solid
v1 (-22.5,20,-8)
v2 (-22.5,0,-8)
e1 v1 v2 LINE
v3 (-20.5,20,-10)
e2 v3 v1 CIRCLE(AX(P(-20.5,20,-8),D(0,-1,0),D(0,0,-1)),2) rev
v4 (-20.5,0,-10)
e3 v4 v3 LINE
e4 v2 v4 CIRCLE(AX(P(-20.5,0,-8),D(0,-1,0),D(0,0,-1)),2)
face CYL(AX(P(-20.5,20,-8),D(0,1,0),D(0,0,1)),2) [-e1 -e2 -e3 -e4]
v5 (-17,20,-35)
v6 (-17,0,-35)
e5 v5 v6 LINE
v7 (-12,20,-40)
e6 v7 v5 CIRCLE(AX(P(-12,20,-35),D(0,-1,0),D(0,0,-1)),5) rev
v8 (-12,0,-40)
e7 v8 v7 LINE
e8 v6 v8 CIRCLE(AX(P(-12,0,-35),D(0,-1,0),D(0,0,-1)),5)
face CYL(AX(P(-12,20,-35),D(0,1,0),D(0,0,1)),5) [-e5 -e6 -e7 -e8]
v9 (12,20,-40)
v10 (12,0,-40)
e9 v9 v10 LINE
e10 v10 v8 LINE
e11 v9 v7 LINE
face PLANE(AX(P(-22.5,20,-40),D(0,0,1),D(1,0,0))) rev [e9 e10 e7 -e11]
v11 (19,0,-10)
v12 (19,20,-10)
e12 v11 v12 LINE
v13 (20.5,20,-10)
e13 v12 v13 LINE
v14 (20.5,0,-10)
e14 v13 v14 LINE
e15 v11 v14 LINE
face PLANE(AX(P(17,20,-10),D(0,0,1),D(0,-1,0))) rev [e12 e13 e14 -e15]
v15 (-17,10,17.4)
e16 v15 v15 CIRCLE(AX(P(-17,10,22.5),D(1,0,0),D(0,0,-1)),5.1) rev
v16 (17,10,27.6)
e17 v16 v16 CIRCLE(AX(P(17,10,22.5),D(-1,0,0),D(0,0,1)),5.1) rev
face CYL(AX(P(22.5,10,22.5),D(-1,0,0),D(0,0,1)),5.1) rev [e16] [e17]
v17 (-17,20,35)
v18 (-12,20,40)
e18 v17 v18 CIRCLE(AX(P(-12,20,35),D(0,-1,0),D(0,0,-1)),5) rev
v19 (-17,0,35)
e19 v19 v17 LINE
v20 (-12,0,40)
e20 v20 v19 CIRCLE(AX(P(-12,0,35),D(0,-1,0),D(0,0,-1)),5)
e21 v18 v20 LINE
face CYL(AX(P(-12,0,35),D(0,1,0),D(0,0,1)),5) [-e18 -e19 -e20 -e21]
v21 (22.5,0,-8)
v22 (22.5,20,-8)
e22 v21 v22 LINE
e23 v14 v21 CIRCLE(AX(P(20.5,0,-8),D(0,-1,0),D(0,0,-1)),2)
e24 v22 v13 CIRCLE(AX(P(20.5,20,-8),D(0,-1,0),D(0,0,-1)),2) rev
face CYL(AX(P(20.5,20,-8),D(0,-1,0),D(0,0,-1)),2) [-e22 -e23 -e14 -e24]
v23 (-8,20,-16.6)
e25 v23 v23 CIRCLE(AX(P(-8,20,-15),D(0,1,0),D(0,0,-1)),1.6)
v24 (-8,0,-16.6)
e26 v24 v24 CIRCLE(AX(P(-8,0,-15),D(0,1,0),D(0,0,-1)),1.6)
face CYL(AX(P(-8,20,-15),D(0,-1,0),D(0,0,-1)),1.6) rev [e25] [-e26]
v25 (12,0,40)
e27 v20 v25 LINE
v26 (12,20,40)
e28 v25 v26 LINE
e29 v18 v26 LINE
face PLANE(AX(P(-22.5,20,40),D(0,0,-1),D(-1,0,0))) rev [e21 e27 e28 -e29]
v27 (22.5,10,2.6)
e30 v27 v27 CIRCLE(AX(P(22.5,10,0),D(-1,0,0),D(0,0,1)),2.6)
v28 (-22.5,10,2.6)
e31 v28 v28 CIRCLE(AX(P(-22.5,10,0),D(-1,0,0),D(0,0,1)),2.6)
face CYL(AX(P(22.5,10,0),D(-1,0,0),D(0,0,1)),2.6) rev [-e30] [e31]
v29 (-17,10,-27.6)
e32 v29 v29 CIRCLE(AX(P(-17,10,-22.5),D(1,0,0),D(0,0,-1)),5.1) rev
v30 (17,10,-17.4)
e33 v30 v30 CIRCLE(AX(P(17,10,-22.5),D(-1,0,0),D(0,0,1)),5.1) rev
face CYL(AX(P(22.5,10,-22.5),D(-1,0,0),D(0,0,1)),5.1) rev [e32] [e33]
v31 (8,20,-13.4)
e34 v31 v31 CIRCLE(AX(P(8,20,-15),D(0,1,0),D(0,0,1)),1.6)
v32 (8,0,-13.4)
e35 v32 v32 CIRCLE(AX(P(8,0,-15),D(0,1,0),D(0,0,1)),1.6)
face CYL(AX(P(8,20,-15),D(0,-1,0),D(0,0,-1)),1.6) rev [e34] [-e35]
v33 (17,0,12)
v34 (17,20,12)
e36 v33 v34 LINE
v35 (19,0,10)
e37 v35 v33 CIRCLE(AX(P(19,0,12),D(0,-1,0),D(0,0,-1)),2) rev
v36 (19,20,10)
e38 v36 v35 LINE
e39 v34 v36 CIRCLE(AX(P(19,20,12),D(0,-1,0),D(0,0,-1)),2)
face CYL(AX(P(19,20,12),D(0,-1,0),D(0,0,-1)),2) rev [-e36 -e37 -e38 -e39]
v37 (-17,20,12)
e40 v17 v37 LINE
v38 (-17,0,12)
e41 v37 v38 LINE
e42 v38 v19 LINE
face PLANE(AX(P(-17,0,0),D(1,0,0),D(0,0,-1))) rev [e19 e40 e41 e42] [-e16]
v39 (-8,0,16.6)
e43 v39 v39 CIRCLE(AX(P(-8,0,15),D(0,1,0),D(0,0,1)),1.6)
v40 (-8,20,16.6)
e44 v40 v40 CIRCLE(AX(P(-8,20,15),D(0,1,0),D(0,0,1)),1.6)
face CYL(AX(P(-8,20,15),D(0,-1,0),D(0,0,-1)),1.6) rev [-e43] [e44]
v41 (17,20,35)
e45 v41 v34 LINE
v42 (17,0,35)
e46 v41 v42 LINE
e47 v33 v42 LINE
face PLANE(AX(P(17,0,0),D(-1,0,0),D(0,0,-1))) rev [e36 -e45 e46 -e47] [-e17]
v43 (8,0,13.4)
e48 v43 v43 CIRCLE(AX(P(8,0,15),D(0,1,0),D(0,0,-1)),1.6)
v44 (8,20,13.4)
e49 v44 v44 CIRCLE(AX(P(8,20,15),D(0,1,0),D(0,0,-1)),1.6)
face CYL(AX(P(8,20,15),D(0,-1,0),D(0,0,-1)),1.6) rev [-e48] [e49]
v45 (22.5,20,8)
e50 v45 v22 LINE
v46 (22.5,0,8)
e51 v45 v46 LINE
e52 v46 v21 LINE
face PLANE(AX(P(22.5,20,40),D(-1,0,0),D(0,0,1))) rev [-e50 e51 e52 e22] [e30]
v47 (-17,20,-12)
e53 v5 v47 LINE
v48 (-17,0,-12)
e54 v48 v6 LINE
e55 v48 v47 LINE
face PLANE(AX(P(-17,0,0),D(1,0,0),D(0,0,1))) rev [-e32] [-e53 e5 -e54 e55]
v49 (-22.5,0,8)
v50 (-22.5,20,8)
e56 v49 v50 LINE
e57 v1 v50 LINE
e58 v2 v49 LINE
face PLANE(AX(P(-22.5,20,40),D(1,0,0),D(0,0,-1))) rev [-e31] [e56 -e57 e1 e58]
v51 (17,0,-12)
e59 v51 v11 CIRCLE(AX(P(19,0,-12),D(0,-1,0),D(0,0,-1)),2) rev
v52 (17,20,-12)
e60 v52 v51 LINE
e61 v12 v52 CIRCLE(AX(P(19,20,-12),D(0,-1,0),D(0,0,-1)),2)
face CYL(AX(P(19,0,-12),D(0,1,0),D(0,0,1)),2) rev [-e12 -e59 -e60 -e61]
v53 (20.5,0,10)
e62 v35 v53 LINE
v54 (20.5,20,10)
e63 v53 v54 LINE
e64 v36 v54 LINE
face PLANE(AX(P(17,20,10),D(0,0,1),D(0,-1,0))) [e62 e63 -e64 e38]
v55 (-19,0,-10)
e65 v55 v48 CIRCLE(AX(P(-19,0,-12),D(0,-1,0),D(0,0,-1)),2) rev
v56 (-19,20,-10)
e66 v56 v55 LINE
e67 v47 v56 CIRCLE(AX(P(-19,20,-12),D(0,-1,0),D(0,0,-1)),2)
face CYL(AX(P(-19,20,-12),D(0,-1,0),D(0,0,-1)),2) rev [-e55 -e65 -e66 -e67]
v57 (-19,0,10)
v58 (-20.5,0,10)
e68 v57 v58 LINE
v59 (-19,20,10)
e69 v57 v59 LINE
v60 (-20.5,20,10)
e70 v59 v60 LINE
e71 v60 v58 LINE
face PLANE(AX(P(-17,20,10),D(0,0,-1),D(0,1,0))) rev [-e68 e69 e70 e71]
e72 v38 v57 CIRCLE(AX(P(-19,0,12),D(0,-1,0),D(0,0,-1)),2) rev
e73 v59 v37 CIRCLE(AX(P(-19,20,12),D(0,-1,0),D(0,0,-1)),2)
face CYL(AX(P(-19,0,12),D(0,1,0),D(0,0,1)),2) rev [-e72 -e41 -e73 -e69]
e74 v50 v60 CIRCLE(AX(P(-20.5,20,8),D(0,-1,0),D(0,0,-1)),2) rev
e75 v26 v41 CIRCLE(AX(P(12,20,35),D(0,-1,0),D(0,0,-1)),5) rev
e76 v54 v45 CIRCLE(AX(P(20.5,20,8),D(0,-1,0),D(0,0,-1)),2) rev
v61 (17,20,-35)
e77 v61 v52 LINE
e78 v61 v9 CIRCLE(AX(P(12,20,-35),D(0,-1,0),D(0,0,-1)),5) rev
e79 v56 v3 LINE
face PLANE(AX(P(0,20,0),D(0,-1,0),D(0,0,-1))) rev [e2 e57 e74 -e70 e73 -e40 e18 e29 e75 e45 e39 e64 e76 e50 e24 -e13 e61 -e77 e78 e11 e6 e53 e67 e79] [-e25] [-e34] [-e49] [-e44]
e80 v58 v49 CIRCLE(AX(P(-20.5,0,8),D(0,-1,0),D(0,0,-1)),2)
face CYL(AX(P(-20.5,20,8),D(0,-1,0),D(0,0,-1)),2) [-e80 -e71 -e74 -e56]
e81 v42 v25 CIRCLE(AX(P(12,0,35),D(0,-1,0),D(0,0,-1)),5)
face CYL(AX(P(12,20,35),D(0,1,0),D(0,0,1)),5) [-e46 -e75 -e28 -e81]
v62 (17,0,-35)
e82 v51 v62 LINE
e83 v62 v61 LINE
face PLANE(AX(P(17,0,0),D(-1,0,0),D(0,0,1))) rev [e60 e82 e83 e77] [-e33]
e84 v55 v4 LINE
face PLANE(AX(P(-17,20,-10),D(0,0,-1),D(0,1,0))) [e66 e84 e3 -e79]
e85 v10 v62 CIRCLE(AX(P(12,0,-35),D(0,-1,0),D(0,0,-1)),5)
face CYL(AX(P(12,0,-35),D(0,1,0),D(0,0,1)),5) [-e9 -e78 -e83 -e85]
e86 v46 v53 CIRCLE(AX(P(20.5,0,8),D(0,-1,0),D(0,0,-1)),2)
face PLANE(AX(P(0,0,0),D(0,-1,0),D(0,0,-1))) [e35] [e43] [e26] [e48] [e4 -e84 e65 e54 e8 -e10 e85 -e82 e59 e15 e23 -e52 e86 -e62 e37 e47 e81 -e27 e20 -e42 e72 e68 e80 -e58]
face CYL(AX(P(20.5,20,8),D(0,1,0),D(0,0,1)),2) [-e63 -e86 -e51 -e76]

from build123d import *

# Parameters (mm, degrees)
SKETCH_1_W               = 45
SKETCH_1_H               = 80
SKETCH_1_R               = 1.6
EXTRUDE_471_DEPTH        = 20
SKETCH_2_R               = 2.6
CUT_EXTRUDE_665_DEPTH    = 46
SKETCH_3_R               = 5.1
CUT_EXTRUDE_863_DEPTH    = 46
SKETCH_5_W               = 30
SKETCH_5_H               = 20
CUT_EXTRUDE_1108_DEPTH   = 5.5
MIRROR_2_COPY_1_SKETCH_W = 30
MIRROR_2_COPY_1_SKETCH_H = 20
MIRROR_2_COPY_1_DEPTH    = 5.5
FILLET_2_R               = 2
FILLET_5_R               = 5


with BuildPart() as part:
    # 草图1 → Extrude 471 (new body)
    with BuildSketch(Plane(origin=(0, 0, 0), x_dir=(1, 0, 0), z_dir=(0, 1, 0))):
        Rectangle(SKETCH_1_W, SKETCH_1_H)
        with Locations((8, 15)):
            Circle(SKETCH_1_R, mode=Mode.SUBTRACT)
        with Locations((-8, 15)):
            Circle(SKETCH_1_R, mode=Mode.SUBTRACT)
        with Locations((-8, -15)):
            Circle(SKETCH_1_R, mode=Mode.SUBTRACT)
        with Locations((8, -15)):
            Circle(SKETCH_1_R, mode=Mode.SUBTRACT)
    extrude(amount=EXTRUDE_471_DEPTH)

    # 草图2 → Cut-Extrude 665 (cut, through all)
    with BuildSketch(Plane.ZY.offset(22.5)):
        with Locations((0, 10)):
            Circle(SKETCH_2_R)
    extrude(amount=-CUT_EXTRUDE_665_DEPTH, mode=Mode.SUBTRACT)

    # 草图3 → Cut-Extrude 863 (cut, through all)
    with BuildSketch(Plane.ZY.offset(22.5)):
        with Locations((22.5, 10)):
            Circle(SKETCH_3_R)
        with Locations((-22.5, 10)):
            Circle(SKETCH_3_R)
    extrude(amount=-CUT_EXTRUDE_863_DEPTH, mode=Mode.SUBTRACT)

    # 草图5 → Cut-Extrude 1108 (cut)
    with BuildSketch(Plane.ZY.offset(22.5)):
        with Locations((25, 10)):
            Rectangle(SKETCH_5_W, SKETCH_5_H)
    cut_extrude_1108 = extrude(amount=-CUT_EXTRUDE_1108_DEPTH, mode=Mode.SUBTRACT)

    # 镜向1: Cut-Extrude 1108 across plane
    add(cut_extrude_1108.mirror(Plane(origin=(0, 0, 0), x_dir=(0, 0, 1), z_dir=(1, 0, 0))), mode=Mode.SUBTRACT)

    # 镜向2: Cut-Extrude 1108 across plane
    add(cut_extrude_1108.mirror(Plane.XY), mode=Mode.SUBTRACT)

    # 镜向2 copy 1 sketch → 镜向2 copy 1 (cut)
    with BuildSketch(Plane(origin=(22.5, 0, 0), x_dir=(0, 0, -1), z_dir=(1, 0, 0))):
        with Locations((25, 10)):
            Rectangle(MIRROR_2_COPY_1_SKETCH_W, MIRROR_2_COPY_1_SKETCH_H)
    extrude(amount=-MIRROR_2_COPY_1_DEPTH, mode=Mode.SUBTRACT)

    # 圆角2
    fillet_2_edges = [part.edges().sort_by_distance(p)[0] for p in [
        (-22.5, 10, 10),
        (-17, 10, 10),
        (17, 10, 10),
        (22.5, 10, 10),
        (22.5, 10, -10),
        (17, 10, -10),
        (-17, 10, -10),
        (-22.5, 10, -10),
    ]]
    fillet(fillet_2_edges, radius=FILLET_2_R)

    # 圆角5
    fillet_5_edges = [part.edges().sort_by_distance(p)[0] for p in [
        (-17, 10, 40),
        (17, 10, 40),
        (17, 10, -40),
        (-17, 10, -40),
    ]]
    fillet(fillet_5_edges, radius=FILLET_5_R)


solid = part.part
